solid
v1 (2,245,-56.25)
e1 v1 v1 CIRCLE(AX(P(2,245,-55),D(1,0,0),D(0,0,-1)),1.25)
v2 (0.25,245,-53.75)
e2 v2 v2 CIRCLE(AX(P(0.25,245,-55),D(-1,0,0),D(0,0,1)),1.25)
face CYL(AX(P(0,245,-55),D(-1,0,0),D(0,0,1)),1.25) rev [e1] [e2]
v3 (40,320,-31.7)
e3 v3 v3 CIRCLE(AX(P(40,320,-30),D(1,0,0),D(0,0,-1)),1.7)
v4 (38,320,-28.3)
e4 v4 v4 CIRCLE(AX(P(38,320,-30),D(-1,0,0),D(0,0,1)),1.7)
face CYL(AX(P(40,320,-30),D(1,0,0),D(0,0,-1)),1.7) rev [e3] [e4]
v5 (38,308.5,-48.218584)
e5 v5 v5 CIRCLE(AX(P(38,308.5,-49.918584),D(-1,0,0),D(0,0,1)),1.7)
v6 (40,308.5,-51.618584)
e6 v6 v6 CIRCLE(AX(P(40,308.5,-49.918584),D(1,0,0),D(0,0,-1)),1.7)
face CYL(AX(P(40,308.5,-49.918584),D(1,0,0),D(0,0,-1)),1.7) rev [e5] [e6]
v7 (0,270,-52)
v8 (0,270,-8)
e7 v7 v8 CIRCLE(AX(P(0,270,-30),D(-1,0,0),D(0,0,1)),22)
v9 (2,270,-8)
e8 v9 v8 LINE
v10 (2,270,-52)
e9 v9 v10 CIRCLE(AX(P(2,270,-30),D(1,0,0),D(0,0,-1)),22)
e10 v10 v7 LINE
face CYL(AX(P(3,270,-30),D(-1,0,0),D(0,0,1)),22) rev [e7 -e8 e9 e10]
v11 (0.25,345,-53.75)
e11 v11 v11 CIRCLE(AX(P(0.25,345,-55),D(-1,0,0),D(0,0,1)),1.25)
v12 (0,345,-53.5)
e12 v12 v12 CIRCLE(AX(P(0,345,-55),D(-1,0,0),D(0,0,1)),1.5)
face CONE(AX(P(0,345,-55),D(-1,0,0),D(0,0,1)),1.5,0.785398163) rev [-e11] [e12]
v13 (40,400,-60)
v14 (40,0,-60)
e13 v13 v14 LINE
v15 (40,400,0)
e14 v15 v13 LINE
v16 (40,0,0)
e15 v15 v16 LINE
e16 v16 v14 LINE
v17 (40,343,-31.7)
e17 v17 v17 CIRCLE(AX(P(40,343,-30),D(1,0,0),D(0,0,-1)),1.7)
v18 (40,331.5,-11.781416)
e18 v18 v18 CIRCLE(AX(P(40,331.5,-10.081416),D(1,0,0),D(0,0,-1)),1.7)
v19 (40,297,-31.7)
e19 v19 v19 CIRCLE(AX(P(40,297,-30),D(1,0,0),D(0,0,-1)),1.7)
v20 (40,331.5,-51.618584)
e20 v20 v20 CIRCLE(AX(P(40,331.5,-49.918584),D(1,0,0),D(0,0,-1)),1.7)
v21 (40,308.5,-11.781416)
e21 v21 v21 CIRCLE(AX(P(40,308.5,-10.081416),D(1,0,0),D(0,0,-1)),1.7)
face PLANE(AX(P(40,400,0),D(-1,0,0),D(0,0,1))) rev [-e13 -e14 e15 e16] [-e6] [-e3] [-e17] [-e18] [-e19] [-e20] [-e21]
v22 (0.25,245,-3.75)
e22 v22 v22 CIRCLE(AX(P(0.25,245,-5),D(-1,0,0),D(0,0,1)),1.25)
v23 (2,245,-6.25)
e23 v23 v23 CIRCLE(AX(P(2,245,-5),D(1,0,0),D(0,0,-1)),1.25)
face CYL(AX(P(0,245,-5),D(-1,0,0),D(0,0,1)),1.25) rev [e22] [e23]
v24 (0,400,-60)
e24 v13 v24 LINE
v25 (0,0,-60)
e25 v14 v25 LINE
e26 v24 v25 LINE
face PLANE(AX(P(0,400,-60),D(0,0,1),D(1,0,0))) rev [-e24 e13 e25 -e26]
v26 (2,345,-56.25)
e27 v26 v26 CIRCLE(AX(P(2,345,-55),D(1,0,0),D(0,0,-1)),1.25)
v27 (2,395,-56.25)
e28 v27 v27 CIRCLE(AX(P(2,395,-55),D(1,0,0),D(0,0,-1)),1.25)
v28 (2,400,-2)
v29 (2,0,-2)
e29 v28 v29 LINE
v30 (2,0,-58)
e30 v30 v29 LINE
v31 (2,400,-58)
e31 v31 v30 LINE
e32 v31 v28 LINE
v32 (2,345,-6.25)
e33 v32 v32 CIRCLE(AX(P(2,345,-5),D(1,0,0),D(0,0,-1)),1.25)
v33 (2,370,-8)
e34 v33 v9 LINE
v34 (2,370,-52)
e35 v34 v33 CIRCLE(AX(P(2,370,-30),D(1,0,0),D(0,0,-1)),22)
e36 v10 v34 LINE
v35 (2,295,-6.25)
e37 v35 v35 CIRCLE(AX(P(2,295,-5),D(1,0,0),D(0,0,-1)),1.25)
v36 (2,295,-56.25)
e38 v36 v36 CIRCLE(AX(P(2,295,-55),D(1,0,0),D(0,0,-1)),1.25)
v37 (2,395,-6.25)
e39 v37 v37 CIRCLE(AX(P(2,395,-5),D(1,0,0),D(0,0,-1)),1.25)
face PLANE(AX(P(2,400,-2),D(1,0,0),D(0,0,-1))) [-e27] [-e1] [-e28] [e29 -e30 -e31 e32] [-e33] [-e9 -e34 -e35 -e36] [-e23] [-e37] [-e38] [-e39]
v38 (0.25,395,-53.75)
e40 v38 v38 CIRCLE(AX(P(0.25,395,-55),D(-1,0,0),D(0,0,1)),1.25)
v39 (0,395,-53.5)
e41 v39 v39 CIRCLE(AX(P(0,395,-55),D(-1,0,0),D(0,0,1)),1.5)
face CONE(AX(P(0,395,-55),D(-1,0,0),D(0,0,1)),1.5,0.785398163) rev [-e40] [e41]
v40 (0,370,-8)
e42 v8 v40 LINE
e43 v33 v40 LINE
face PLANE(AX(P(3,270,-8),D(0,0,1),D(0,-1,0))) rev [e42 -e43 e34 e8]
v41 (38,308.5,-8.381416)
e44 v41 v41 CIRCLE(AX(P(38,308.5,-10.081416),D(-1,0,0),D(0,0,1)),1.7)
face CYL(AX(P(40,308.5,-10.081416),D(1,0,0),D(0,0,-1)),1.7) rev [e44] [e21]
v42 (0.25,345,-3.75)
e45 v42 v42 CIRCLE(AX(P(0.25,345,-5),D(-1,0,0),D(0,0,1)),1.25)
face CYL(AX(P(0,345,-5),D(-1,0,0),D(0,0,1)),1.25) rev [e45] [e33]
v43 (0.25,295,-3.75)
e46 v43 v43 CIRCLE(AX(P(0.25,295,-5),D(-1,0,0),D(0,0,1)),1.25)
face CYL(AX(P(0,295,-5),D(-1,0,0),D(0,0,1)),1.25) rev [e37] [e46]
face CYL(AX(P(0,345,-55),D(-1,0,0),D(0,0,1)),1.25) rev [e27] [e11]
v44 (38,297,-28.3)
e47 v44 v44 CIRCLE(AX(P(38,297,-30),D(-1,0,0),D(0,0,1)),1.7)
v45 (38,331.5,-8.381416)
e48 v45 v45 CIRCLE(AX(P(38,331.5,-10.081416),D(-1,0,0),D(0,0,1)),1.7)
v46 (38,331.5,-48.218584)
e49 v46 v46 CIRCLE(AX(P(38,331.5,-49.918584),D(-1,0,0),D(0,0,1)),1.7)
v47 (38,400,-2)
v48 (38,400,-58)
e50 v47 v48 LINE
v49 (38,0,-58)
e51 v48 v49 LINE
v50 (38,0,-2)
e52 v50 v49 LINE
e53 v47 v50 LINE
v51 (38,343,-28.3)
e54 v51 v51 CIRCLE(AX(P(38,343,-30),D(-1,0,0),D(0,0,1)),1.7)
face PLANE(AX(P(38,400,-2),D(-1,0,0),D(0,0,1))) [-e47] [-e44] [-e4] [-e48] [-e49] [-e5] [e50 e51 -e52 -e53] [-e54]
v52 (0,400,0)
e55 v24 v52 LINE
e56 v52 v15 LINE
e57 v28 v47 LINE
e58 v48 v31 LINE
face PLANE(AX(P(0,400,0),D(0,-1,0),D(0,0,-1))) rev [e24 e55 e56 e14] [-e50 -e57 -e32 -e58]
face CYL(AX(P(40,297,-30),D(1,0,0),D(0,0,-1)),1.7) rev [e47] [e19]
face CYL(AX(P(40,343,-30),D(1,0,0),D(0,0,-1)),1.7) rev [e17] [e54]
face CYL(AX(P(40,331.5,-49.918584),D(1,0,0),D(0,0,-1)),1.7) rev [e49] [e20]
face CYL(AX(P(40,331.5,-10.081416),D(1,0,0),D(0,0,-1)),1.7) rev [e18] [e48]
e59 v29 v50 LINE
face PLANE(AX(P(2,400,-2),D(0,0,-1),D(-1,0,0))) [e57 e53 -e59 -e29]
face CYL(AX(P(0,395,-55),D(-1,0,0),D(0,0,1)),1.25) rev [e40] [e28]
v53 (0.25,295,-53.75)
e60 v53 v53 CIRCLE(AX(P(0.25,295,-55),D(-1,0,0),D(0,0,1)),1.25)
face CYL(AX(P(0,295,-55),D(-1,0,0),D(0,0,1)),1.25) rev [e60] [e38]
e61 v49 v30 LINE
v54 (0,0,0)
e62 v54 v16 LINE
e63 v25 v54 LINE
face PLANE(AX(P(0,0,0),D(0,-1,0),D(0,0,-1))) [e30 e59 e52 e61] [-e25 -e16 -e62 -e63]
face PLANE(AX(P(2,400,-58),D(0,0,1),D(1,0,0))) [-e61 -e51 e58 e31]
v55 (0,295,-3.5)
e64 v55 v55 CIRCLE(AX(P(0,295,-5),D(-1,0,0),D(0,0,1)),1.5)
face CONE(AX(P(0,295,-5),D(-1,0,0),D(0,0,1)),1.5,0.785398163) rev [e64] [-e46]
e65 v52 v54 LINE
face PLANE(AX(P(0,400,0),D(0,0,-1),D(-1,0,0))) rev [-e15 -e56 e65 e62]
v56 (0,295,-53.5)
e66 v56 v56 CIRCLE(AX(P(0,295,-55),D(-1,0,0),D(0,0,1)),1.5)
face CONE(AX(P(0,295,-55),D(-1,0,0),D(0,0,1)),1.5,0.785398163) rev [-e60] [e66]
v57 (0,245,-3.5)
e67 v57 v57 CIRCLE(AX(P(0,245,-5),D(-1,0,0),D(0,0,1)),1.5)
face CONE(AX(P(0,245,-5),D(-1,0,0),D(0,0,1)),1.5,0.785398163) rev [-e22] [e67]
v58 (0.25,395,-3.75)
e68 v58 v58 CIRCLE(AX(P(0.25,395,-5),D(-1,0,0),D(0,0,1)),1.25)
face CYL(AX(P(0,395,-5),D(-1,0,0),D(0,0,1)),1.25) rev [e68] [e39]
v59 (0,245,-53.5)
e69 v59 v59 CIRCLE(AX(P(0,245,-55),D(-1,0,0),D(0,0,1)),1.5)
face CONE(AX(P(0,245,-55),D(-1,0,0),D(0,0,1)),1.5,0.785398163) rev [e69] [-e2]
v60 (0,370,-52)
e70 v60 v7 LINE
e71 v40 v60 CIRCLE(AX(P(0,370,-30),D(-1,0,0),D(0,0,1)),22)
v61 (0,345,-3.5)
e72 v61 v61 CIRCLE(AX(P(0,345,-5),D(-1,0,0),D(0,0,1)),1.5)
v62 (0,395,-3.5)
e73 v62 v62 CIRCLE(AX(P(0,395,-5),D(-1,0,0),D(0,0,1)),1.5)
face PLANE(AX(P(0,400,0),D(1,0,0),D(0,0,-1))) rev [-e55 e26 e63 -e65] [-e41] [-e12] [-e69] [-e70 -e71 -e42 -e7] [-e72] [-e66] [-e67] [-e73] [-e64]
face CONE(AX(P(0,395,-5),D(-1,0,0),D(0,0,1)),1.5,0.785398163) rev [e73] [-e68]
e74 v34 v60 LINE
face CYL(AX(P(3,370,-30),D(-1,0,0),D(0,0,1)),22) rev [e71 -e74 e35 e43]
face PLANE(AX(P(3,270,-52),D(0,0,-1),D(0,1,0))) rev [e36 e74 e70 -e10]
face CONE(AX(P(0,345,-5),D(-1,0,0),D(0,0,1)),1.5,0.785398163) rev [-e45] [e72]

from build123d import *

# Parameters (mm, degrees)
SKETCH1_W                         = 40
SKETCH1_H                         = 60
SKETCH1_W_2                       = 36
SKETCH1_H_2                       = 56
BOSS_EXTRUDE1_DEPTH               = 400
M3_CLEARANCE_HOLE1_D              = 3.4
CUT_EXTRUDE1_DEPTH                = 3
TAP_DRILL_FOR_M3_TAP1_D           = 2.5
TAP_DRILL_FOR_M3_TAP1_DEPTH       = 2
TAP_DRILL_FOR_M3_TAP1_CSINK_D     = 3
TAP_DRILL_FOR_M3_TAP1_CSINK_ANGLE = 90


with BuildPart() as part:
    # Sketch1 → Boss-Extrude1 (new body)
    with BuildSketch(Plane(origin=(0, 0, 0), x_dir=(1, 0, 0), z_dir=(0, 1, 0))):
        with Locations((20, 30)):
            Rectangle(SKETCH1_W, SKETCH1_H)
        with Locations((20, 30)):
            Rectangle(SKETCH1_W_2, SKETCH1_H_2, mode=Mode.SUBTRACT)
    extrude(amount=BOSS_EXTRUDE1_DEPTH)

    # M3 Clearance Hole1 (through all)
    with Locations(Plane(origin=(40, 0, 0), x_dir=(0, 0, -1), z_dir=(1, 0, 0))):
        with Locations((30, 320), (30, 343), (49.918584287, 331.5), (49.918584287, 308.5), (30, 297), (10.081415713, 308.5), (10.081415713, 331.5)):
            Hole(M3_CLEARANCE_HOLE1_D / 2)

    # Sketch4 → Cut-Extrude1 (cut)
    with BuildSketch(Plane.ZY):
        with BuildLine():
            Line((-52, 270), (-52, 370))
            ThreePointArc((-52, 370), (-30, 392), (-8, 370))
            Line((-8, 370), (-8, 270))
            ThreePointArc((-8, 270), (-30, 248), (-52, 270))
        make_face()
    extrude(amount=-CUT_EXTRUDE1_DEPTH, mode=Mode.SUBTRACT)

    # Tap Drill for M3 Tap1
    with Locations(Plane.ZY):
        with Locations((-5, 245), (-55, 395), (-55, 245), (-55, 345), (-55, 295), (-5, 395), (-5, 345), (-5, 295)):
            CounterSinkHole(TAP_DRILL_FOR_M3_TAP1_D / 2, TAP_DRILL_FOR_M3_TAP1_CSINK_D / 2, depth=TAP_DRILL_FOR_M3_TAP1_DEPTH, counter_sink_angle=TAP_DRILL_FOR_M3_TAP1_CSINK_ANGLE)


solid = part.part
